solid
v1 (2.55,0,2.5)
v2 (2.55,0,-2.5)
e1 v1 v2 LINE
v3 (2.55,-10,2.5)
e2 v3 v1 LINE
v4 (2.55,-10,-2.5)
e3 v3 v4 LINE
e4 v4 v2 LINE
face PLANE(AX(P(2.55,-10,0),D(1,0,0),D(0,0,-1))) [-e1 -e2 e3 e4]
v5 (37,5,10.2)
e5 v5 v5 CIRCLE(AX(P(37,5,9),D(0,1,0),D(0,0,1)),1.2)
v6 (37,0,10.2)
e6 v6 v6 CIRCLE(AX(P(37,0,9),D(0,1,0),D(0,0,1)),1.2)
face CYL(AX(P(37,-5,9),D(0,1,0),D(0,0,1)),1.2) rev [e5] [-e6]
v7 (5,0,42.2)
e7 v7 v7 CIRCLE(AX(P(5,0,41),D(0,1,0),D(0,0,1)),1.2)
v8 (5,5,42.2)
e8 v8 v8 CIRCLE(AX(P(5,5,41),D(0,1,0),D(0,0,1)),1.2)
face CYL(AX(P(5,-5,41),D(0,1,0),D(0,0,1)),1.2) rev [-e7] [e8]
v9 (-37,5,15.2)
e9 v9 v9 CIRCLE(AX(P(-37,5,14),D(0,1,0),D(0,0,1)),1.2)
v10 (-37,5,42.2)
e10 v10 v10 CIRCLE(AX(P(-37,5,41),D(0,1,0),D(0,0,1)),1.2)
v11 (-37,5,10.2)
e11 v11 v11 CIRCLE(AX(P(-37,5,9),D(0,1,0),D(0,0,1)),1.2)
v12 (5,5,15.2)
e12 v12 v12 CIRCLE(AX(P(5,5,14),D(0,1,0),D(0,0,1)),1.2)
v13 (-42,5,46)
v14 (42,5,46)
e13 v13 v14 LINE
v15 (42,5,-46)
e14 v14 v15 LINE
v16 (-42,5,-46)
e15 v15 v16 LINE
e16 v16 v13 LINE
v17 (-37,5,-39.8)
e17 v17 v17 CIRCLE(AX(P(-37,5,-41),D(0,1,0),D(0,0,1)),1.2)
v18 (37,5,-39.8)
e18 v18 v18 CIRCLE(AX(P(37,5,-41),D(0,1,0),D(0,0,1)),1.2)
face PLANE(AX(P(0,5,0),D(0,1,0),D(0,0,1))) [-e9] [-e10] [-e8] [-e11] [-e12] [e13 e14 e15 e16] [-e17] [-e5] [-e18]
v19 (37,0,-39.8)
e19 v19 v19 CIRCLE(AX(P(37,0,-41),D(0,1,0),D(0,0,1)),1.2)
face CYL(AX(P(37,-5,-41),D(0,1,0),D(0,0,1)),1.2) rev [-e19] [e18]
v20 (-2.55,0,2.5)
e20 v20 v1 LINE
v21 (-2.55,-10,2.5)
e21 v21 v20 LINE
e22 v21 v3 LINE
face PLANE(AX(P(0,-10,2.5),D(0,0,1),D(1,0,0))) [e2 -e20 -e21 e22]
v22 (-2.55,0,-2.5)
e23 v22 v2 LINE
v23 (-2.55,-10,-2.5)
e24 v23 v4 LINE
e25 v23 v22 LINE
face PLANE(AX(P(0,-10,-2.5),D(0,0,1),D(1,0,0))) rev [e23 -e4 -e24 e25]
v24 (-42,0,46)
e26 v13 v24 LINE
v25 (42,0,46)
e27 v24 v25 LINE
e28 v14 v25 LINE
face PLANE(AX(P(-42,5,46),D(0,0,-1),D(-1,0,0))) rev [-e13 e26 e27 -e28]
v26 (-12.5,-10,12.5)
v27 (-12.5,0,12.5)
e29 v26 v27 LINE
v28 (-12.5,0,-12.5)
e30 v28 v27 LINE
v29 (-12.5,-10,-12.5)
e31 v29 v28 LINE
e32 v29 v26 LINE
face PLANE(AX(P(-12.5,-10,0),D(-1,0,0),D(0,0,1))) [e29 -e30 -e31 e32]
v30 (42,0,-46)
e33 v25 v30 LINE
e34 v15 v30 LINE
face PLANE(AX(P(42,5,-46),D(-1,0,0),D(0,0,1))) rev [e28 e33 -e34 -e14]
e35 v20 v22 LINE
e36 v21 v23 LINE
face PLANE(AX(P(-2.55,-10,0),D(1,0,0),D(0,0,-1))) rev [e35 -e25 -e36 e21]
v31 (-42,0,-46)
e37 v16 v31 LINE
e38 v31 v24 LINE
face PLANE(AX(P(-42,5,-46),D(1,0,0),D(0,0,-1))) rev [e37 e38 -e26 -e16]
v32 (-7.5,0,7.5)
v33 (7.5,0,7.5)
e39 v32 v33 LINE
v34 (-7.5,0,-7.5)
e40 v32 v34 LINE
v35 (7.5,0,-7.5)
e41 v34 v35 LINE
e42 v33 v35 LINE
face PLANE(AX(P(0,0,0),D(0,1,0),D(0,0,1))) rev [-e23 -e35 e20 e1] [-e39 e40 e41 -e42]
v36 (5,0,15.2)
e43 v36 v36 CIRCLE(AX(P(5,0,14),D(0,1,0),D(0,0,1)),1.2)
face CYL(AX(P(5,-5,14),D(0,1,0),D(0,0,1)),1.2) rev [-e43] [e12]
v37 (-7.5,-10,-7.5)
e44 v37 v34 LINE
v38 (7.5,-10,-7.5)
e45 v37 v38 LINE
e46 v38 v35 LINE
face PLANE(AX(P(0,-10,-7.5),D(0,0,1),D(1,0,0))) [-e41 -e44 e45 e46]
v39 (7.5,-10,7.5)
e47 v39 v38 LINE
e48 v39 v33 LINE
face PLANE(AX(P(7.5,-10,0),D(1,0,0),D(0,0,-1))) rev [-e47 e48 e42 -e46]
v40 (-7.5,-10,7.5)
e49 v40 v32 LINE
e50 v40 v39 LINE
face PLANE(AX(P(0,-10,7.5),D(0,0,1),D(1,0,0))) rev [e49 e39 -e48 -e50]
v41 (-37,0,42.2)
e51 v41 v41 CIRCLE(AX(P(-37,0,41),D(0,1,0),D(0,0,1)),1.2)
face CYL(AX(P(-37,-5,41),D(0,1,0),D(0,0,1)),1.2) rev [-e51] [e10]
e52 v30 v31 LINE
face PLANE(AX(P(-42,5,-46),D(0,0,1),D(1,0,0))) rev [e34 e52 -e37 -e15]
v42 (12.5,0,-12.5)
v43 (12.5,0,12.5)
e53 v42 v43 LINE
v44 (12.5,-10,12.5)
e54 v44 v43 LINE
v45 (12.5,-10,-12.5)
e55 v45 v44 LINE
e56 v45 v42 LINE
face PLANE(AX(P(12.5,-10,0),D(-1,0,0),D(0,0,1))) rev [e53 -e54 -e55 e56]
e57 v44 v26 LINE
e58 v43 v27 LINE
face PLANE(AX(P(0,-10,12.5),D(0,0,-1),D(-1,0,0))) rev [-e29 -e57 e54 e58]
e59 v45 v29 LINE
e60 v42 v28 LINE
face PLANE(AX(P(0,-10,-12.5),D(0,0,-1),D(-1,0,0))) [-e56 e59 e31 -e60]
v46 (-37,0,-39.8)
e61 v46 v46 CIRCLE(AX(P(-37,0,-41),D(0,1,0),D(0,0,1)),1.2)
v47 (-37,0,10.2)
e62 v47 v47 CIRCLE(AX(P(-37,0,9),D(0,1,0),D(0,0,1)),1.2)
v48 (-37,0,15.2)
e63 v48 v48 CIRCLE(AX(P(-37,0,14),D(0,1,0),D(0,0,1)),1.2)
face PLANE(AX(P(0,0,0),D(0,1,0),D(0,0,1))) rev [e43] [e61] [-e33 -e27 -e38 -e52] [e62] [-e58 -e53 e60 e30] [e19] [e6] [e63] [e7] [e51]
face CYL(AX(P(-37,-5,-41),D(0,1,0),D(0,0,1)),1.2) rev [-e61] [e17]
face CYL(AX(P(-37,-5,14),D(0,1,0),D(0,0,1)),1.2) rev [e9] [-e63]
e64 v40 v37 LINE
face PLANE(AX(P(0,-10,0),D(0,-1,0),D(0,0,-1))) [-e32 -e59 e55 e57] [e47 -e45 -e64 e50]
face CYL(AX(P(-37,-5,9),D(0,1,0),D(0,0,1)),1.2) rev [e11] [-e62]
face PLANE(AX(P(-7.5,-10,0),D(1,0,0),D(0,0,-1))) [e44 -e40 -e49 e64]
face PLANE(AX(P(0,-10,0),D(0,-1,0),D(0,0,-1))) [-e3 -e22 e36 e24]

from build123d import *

# Parameters (mm, degrees)
SKETCH_1_W          = 84
SKETCH_1_H          = 92
EXTRUDE_1_DEPTH     = 5
SKETCH_2_W          = 25
SKETCH_2_H          = 25
SKETCH_2_W_2        = 15
SKETCH_2_H_2        = 15
SKETCH_2_W_3        = 5.1
SKETCH_2_H_3        = 5
EXTRUDE_2_DEPTH     = 10
SKETCH_3_R          = 1.2
CUT_EXTRUDE_1_DEPTH = 10


with BuildPart() as part:
    # 草图1 → 凸台-拉伸1 (new body)
    with BuildSketch(Plane(origin=(0, 0, 0), x_dir=(1, 0, 0), z_dir=(0, 1, 0))):
        Rectangle(SKETCH_1_W, SKETCH_1_H)
    extrude(amount=EXTRUDE_1_DEPTH)

    # 草图2 → 凸台-拉伸2 (add)
    # profile 1 of 2: a face of its own
    with BuildSketch(Plane.XZ):
        Rectangle(SKETCH_2_W, SKETCH_2_H)
        Rectangle(SKETCH_2_W_2, SKETCH_2_H_2, mode=Mode.SUBTRACT)
    # profile 2 of 2: a face of its own
    with BuildSketch(Plane.XZ):
        Rectangle(SKETCH_2_W_3, SKETCH_2_H_3)
    extrude(amount=EXTRUDE_2_DEPTH)

    # 草图3 → 切除-拉伸1 (cut)
    with BuildSketch(Plane(origin=(0, 5, 0), x_dir=(1, 0, 0), z_dir=(0, 1, 0))):
        with Locations(Location((-37, -14, 0), (0, 0, 270))):
            Circle(SKETCH_3_R)
        with Locations(Location((5, -14, 0), (0, 0, 270))):
            Circle(SKETCH_3_R)
        with Locations(Location((-37, -41, 0), (0, 0, 270))):
            Circle(SKETCH_3_R)
        with Locations(Location((5, -41, 0), (0, 0, 270))):
            Circle(SKETCH_3_R)
        with Locations(Location((37, -9, 0), (0, 0, 270))):
            Circle(SKETCH_3_R)
        with Locations(Location((-37, -9, 0), (0, 0, 270))):
            Circle(SKETCH_3_R)
        with Locations(Location((-37, 41, 0), (0, 0, 270))):
            Circle(SKETCH_3_R)
        with Locations(Location((37, 41, 0), (0, 0, 270))):
            Circle(SKETCH_3_R)
    extrude(amount=-CUT_EXTRUDE_1_DEPTH, mode=Mode.SUBTRACT)


solid = part.part
